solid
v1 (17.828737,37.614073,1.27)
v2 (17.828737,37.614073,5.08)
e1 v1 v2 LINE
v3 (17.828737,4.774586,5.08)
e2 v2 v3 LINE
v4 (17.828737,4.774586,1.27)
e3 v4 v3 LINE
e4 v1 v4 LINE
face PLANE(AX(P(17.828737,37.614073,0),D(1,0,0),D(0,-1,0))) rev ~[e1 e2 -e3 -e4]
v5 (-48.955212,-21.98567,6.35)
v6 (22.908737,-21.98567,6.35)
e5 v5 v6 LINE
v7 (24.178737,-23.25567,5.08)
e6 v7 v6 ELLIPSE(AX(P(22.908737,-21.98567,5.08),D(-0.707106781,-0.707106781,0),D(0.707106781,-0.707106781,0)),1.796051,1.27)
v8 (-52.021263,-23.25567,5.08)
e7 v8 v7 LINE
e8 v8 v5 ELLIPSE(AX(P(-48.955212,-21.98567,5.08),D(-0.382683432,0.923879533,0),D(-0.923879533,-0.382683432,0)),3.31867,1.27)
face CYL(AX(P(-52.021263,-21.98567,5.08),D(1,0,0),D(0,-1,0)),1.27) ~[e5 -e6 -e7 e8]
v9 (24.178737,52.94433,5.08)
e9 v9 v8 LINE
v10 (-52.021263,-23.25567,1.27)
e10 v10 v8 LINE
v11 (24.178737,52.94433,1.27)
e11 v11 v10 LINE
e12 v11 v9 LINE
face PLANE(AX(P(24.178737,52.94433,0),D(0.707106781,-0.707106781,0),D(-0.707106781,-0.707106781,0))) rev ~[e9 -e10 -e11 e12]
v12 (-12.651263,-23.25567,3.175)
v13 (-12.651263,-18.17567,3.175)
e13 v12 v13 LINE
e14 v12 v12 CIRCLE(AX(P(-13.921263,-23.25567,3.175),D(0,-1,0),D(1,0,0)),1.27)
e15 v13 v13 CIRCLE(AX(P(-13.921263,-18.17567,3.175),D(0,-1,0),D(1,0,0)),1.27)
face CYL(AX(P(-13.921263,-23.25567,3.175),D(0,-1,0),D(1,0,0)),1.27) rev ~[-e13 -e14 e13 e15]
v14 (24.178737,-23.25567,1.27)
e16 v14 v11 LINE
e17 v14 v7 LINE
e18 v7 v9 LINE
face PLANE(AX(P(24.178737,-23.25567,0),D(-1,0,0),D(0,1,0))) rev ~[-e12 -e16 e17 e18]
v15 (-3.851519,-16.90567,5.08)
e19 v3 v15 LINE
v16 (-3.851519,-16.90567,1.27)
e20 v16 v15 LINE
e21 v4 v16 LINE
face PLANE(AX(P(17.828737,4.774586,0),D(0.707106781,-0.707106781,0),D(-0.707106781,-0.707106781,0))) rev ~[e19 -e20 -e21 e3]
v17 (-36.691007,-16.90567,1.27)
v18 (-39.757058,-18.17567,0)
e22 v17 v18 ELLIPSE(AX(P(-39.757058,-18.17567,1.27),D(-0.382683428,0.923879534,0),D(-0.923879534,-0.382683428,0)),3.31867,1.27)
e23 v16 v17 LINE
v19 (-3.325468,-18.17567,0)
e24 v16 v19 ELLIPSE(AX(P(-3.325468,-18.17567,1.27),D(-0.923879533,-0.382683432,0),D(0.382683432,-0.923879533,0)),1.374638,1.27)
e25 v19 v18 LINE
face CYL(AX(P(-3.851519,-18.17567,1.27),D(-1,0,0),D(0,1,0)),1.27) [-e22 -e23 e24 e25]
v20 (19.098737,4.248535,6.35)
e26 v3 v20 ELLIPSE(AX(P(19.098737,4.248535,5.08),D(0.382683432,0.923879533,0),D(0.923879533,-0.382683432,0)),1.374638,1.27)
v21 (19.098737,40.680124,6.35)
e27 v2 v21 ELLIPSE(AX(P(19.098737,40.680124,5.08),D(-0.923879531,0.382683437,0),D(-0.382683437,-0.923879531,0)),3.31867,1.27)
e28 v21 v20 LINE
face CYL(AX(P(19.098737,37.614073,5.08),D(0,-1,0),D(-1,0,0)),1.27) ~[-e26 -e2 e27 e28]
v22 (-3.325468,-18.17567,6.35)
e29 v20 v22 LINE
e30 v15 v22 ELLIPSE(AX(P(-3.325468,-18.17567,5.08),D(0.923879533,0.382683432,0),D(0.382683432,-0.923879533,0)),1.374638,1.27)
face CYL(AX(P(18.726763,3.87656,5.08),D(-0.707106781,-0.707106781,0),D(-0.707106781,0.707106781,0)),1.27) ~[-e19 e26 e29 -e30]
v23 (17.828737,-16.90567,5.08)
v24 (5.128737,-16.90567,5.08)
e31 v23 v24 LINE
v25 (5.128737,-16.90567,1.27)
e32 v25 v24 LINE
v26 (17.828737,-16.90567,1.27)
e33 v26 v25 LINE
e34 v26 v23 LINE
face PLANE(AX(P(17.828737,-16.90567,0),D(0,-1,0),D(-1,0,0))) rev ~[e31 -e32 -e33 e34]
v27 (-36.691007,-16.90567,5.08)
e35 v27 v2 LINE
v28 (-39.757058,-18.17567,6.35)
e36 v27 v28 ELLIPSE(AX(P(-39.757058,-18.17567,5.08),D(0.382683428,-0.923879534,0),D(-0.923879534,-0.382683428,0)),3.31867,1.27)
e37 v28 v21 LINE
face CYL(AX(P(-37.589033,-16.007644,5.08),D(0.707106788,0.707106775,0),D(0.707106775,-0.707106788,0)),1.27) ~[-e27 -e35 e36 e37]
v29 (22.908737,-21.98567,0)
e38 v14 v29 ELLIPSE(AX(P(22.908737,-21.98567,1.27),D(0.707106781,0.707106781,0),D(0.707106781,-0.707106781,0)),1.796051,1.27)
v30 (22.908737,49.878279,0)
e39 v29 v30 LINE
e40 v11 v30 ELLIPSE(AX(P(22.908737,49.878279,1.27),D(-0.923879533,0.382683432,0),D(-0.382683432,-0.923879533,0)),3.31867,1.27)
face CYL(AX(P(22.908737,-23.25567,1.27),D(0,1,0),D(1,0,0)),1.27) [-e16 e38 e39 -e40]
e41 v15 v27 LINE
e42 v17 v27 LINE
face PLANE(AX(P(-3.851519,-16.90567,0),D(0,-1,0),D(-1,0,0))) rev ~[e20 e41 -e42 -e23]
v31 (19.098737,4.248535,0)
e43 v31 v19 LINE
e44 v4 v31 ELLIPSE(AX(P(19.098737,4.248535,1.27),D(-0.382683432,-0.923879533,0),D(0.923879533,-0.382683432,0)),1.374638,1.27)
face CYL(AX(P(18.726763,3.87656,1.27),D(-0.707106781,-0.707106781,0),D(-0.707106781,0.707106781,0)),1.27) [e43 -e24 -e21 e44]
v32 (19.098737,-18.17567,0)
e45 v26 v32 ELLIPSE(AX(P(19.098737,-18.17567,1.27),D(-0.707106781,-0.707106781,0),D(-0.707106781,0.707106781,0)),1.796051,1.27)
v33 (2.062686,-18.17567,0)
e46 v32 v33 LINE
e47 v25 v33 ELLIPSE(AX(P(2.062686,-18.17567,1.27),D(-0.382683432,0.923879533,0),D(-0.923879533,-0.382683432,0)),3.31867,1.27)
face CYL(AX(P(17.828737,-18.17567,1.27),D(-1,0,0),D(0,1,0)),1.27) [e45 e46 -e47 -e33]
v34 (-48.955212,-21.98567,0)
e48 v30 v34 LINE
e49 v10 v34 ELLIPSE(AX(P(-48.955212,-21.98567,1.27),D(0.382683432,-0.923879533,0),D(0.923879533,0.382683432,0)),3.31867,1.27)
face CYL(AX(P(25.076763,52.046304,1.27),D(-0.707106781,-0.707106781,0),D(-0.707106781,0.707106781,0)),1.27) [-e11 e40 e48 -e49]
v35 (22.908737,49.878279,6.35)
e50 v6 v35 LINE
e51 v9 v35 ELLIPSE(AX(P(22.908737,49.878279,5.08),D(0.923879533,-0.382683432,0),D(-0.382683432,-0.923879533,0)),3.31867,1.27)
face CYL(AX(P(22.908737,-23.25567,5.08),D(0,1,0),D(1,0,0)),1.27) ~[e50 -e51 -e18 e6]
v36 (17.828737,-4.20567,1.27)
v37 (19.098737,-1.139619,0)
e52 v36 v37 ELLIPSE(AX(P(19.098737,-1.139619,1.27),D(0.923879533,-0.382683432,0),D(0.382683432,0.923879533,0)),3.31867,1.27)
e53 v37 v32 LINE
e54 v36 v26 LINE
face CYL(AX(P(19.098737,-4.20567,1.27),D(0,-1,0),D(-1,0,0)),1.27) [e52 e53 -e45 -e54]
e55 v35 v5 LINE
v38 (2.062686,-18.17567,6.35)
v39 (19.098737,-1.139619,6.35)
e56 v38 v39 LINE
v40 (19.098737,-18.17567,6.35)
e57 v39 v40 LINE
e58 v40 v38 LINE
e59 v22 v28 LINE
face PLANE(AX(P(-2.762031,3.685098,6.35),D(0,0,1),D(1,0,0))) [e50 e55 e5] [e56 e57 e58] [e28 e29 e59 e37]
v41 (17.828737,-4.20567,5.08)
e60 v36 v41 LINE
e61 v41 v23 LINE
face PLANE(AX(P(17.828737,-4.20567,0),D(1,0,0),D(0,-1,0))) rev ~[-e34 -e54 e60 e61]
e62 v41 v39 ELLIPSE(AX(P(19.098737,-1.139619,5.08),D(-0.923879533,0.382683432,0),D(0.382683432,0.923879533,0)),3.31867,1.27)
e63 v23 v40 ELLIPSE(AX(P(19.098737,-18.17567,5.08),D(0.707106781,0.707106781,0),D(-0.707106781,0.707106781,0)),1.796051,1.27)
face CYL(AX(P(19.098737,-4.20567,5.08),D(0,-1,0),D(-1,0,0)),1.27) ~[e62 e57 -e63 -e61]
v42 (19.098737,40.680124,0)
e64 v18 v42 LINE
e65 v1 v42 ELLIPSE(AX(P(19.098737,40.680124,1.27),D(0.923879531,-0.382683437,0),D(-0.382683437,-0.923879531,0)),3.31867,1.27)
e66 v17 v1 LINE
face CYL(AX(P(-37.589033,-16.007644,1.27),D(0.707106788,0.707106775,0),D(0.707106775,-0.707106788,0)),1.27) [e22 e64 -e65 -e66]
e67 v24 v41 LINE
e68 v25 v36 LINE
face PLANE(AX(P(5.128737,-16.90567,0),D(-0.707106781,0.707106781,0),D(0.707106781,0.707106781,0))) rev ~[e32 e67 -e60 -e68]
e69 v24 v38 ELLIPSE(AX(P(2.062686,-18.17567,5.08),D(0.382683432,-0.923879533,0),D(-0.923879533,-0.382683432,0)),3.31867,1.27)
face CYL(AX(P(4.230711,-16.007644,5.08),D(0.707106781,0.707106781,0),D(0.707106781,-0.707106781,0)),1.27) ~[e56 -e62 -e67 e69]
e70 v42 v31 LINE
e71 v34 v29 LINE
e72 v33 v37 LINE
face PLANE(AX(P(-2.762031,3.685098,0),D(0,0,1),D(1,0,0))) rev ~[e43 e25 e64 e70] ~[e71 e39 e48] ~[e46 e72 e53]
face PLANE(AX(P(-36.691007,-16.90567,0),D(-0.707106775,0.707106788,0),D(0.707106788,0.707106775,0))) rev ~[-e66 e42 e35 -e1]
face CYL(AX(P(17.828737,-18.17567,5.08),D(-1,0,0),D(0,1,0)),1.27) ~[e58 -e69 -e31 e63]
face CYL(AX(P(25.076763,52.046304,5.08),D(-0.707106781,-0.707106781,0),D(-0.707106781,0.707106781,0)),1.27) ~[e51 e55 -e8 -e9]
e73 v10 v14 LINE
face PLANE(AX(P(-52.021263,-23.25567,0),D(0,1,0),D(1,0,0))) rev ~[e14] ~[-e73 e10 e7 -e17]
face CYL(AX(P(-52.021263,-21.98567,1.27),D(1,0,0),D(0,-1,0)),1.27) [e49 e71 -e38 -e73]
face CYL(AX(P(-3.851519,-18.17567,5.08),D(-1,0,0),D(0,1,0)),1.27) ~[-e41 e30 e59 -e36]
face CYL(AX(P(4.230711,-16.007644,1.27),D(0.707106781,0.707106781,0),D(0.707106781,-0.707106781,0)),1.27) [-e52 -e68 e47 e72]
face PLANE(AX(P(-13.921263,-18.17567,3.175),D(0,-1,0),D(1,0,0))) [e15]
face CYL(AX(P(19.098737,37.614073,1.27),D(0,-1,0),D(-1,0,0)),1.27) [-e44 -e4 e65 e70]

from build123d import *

# Parameters (mm, degrees)
F1_DEPTH = 6.35
F3_R     = 1.27
F2_R     = 1.27
F4_DEPTH = 5.08


with BuildPart() as f1:
    # F0 (on Top) → F1 (new body)
    with BuildSketch(Plane.XY):
        Polygon((24.178737, 52.94433), (-52.021263, -23.25567), (24.178737, -23.25567), align=None)
        Polygon((17.828737, -16.90567), (5.128737, -16.90567), (17.828737, -4.20567), align=None, mode=Mode.SUBTRACT)
        Polygon((-3.851519, -16.90567), (-36.691007, -16.90567), (17.828737, 37.614073), (17.828737, 4.774586), align=None, mode=Mode.SUBTRACT)
    extrude(amount=F1_DEPTH)

    # F3
    f3_edges = [f1.edges().sort_by_distance(p)[0] for p in [
        (-13.921263, 14.84433, 6.35),
        (-13.921263, -23.25567, 6.35),
        (24.178737, 14.84433, 6.35),
        (11.478737, -16.90567, 6.35),
        (11.478737, -10.55567, 6.35),
        (17.828737, -10.55567, 6.35),
        (17.828737, 21.19433, 6.35),
        (6.988609, -6.065542, 6.35),
        (-20.271263, -16.90567, 6.35),
        (-9.431135, 10.354202, 6.35),
        (-13.921263, -23.25567, 0),
        (-13.921263, 14.84433, 0),
        (24.178737, 14.84433, 0),
        (11.478737, -16.90567, 0),
        (11.478737, -10.55567, 0),
        (17.828737, -10.55567, 0),
        (17.828737, 21.19433, 0),
        (6.988609, -6.065542, 0),
        (-20.271263, -16.90567, 0),
        (-9.431135, 10.354202, 0),
    ]]
    fillet(f3_edges, radius=F3_R)

    # F2 (on face) → F4 (cut)
    with BuildSketch(Plane.XZ.offset(23.25567)):
        with Locations((-13.921263, 3.175)):
            Circle(F2_R)
    extrude(amount=-F4_DEPTH, mode=Mode.SUBTRACT)


solid = f1.part
